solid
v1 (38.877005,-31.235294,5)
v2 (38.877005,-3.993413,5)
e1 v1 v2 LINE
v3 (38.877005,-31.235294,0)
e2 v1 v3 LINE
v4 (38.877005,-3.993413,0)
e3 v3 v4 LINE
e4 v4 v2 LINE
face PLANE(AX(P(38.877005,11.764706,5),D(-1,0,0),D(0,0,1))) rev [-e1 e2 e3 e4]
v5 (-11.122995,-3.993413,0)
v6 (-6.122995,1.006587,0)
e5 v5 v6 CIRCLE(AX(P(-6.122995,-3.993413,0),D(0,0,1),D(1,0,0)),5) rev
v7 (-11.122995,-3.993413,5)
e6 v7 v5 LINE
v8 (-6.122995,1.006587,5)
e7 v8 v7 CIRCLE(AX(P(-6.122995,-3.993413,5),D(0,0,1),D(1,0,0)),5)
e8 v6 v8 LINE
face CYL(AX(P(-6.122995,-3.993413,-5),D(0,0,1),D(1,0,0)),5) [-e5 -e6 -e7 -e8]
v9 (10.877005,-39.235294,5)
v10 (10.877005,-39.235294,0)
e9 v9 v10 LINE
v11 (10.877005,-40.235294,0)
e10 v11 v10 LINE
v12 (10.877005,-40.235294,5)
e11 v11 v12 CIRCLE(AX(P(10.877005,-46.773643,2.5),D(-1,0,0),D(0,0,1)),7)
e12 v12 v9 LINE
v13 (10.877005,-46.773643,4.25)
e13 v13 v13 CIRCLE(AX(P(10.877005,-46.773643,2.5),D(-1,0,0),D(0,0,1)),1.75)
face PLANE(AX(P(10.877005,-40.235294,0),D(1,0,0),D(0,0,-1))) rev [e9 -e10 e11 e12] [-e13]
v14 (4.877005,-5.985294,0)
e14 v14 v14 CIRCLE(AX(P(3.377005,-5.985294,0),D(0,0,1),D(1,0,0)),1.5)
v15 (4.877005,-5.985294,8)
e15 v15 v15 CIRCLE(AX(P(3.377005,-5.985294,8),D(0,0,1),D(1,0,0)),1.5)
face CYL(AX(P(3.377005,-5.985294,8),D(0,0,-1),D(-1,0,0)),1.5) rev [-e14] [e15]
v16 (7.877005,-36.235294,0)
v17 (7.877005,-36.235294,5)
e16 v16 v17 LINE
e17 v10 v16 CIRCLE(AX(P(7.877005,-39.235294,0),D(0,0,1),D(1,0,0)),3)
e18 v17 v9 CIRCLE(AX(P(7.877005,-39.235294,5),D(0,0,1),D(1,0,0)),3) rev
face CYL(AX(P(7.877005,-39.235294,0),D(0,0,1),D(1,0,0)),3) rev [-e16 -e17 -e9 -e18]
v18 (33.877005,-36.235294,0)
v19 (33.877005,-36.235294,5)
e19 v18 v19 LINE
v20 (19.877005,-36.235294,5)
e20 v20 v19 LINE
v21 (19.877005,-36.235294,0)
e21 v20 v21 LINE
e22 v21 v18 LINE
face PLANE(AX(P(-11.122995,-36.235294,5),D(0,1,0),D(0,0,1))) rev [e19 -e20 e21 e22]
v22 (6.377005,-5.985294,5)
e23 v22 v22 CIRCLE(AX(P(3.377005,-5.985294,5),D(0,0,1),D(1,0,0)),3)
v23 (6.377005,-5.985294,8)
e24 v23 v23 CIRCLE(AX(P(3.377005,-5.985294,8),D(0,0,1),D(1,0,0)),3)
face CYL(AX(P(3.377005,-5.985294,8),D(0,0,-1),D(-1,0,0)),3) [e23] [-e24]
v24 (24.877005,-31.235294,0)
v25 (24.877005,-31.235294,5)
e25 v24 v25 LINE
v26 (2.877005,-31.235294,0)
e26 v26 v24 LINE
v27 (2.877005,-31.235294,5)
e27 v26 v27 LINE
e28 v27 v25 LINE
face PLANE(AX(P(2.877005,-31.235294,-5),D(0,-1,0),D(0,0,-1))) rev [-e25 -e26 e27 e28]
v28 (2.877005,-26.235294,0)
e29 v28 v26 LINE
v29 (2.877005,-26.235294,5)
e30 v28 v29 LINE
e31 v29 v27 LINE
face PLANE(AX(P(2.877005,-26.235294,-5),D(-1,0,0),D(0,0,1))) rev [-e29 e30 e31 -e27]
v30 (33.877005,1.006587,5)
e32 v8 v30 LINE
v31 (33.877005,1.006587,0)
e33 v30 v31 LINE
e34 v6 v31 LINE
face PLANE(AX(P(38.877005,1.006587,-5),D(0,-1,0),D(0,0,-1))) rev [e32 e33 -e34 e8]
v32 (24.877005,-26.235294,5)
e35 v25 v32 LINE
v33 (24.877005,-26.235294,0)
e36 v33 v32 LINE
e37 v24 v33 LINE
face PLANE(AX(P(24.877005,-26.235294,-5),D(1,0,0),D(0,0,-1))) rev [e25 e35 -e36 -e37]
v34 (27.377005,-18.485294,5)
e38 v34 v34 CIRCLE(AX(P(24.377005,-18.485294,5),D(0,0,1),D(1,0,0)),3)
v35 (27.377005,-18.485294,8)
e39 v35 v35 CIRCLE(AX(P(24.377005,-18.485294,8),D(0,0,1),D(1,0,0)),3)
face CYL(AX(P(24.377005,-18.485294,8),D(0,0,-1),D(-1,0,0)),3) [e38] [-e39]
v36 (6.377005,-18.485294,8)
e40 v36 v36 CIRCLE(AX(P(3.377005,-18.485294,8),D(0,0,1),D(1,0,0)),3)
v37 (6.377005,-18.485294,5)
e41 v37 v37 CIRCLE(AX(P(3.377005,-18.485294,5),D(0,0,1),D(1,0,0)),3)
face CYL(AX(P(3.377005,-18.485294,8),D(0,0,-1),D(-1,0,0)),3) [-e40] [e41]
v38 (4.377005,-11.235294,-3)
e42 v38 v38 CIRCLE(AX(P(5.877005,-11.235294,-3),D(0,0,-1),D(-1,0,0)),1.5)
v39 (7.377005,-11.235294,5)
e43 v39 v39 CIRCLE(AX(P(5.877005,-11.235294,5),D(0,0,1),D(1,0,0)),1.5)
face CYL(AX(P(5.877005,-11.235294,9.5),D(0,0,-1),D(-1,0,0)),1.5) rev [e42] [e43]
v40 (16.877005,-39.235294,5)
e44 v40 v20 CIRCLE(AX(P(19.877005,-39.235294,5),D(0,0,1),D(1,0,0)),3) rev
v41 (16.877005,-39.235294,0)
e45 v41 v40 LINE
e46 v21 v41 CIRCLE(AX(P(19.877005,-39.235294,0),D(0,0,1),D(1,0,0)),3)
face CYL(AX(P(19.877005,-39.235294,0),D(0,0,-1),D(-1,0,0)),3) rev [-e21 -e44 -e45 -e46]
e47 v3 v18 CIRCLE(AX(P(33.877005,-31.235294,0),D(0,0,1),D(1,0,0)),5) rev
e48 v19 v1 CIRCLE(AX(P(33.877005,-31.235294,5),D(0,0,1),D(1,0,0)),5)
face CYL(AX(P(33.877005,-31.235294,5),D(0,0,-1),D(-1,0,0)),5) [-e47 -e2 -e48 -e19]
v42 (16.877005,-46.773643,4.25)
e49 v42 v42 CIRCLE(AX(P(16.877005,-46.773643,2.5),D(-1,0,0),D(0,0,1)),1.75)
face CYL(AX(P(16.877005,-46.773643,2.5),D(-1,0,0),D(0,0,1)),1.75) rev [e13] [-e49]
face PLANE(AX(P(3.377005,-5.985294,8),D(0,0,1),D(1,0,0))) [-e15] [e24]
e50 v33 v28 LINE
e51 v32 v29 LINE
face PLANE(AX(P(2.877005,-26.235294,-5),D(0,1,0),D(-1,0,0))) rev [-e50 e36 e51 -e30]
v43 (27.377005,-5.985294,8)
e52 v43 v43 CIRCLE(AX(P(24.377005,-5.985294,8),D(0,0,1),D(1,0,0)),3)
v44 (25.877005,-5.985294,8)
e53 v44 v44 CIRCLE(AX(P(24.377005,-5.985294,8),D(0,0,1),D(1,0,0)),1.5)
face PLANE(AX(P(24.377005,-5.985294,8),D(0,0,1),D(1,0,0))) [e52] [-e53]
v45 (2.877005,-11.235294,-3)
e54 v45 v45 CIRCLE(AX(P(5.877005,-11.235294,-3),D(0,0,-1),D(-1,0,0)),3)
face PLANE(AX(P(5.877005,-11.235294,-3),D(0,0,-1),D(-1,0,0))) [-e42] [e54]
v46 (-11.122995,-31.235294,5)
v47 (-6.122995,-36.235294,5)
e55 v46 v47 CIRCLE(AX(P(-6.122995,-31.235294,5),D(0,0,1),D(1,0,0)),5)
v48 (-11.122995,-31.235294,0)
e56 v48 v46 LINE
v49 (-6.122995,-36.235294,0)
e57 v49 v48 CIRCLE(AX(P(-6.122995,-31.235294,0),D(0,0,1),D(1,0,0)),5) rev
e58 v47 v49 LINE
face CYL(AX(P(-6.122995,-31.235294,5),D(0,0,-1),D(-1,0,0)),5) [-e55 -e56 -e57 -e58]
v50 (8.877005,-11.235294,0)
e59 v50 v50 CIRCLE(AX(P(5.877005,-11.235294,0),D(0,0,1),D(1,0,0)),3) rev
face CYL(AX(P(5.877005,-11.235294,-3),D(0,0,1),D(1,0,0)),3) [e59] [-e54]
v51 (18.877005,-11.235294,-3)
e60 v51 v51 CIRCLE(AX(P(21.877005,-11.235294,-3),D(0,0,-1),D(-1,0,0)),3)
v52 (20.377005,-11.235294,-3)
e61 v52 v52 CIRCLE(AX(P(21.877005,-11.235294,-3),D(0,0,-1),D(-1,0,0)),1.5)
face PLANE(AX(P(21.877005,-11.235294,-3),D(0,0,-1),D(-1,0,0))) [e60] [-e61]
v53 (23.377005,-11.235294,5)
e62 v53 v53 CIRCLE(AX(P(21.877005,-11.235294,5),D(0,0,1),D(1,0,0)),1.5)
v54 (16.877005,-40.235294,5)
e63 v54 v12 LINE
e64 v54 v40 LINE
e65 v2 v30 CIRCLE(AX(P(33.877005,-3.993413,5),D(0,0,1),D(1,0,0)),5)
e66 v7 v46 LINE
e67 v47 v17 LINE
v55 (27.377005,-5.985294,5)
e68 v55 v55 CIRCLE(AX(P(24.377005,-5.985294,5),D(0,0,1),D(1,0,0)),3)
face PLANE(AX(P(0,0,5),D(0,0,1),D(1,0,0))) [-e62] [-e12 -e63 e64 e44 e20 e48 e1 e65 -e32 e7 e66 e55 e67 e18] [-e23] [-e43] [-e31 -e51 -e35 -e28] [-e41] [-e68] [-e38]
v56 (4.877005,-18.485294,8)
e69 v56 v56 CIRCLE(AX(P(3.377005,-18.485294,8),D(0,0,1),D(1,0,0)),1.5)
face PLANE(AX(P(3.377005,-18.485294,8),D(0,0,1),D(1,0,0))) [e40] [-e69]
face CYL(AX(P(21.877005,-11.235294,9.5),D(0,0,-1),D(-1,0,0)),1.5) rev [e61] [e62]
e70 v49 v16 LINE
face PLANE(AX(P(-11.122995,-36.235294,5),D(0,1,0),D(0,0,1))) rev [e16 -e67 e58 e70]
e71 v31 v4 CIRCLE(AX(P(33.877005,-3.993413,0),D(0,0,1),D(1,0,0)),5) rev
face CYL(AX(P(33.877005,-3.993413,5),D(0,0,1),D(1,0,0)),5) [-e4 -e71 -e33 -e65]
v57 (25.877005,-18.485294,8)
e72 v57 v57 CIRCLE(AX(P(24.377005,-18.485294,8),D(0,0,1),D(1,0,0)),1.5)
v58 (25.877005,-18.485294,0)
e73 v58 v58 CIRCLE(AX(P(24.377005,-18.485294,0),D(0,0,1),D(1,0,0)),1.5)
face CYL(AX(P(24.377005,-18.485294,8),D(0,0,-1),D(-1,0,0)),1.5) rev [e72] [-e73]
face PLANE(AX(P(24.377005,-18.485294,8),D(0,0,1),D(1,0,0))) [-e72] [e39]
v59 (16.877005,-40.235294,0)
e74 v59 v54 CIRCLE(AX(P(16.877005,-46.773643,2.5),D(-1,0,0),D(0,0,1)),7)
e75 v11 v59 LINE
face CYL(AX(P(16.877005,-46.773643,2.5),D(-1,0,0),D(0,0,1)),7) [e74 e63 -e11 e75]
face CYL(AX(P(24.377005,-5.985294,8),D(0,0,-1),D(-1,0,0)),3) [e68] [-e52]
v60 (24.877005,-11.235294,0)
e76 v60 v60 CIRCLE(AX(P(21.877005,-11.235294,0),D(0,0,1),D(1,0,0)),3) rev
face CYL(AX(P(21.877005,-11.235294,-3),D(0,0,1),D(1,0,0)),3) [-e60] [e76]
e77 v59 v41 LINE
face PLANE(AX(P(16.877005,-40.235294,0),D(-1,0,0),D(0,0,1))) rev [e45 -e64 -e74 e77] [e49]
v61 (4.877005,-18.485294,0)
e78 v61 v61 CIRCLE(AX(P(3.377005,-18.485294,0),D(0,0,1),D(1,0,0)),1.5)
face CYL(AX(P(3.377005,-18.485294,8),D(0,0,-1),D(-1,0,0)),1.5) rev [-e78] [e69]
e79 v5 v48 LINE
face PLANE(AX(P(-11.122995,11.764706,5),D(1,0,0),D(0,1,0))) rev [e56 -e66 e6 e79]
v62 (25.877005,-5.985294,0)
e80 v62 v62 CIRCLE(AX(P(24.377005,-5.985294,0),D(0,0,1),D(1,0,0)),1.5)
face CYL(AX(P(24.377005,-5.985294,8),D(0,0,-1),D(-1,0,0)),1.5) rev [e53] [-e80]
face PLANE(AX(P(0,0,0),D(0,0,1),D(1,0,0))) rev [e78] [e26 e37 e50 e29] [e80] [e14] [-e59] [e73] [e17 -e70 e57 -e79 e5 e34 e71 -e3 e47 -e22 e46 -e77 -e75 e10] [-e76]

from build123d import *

# Parameters (mm, degrees)
ESQUISSE1_W                     = 50
ESQUISSE1_H                     = 48
BOSS_EXTRU_1_DEPTH              = 5
ESQUISSE2_R                     = 3
ESQUISSE2_R_2                   = 1.5
BOSS_EXTRU_2_DEPTH              = 3
R_P_TITION_LIN_AIRE1_COUNT      = 2
R_P_TITION_LIN_AIRE1_PITCH      = 21
R_P_TITION_LIN_AIRE1_COUNT_DIR2 = 2
R_P_TITION_LIN_AIRE1_PITCH_DIR2 = 12.5
ESQUISSE4_W                     = 6
ESQUISSE4_H                     = 5
BOSS_EXTRU_3_DEPTH              = 4
ESQUISSE5_R                     = 7
BOSS_EXTRU_4_DEPTH              = 6
ESQUISSE6_R                     = 1.75
ENL_V_MAT_EXTRU_1_DEPTH         = 6
ESQUISSE7_W                     = 50
ESQUISSE7_H                     = 10.758119029
ENL_V_MAT_EXTRU_2_DEPTH         = 10
CONG_2_R                        = 5
CONG_3_R                        = 3
ESQUISSE9_R                     = 1.5
ENL_V_MAT_EXTRU_3_DEPTH         = 70.161233188
ESQUISSE10_W                    = 22
ESQUISSE10_H                    = 5
ENL_V_MAT_EXTRU_4_DEPTH         = 10
ESQUISSE11_R                    = 3
BOSS_EXTRU_5_DEPTH              = 3
ESQUISSE12_R                    = 1.5
ENL_V_MAT_EXTRU_5_DEPTH         = 68.522412398


with BuildPart() as part:
    # Esquisse1 → Boss.-Extru.1 (new body)
    with BuildSketch(Plane.XY):
        with Locations((13.877005348, -12.235294118)):
            Rectangle(ESQUISSE1_W, ESQUISSE1_H)
    extrude(amount=BOSS_EXTRU_1_DEPTH)

    # Esquisse2 → Boss.-Extru.2 (add)
    with BuildSketch(Plane.XY.offset(5)):
        with Locations((3.377005348, -5.985294118)):
            Circle(ESQUISSE2_R)
        with Locations((3.377005348, -5.985294118)):
            Circle(ESQUISSE2_R_2, mode=Mode.SUBTRACT)
    boss_extru_2 = extrude(amount=BOSS_EXTRU_2_DEPTH)

    # Répétition linéaire1: Boss.-Extru.2 2 × 2
    with Locations(*[(i * R_P_TITION_LIN_AIRE1_PITCH, -j * R_P_TITION_LIN_AIRE1_PITCH_DIR2, 0) for i in range(R_P_TITION_LIN_AIRE1_COUNT) for j in range(R_P_TITION_LIN_AIRE1_COUNT_DIR2) if (i, j) != (0, 0)]):
        add(boss_extru_2)

    # Esquisse4 → Boss.-Extru.3 (add)
    with BuildSketch(Plane(origin=(0, -36.235294118, 0), x_dir=(-1, 0, 0), z_dir=(0, -1, 0))):
        with Locations((-13.877005348, -2.5)):
            Rectangle(ESQUISSE4_W, ESQUISSE4_H)
    extrude(amount=BOSS_EXTRU_3_DEPTH)

    # Esquisse5 → Boss.-Extru.4 (add)
    with BuildSketch(Plane.ZY.offset(-10.877005348)):
        with Locations((2.5, -46.773642533)):
            Circle(ESQUISSE5_R)
    extrude(amount=-BOSS_EXTRU_4_DEPTH)

    # Esquisse6 → Enlèv. mat.-Extru.1 (cut)
    with BuildSketch(Plane.ZY.offset(-10.877005348)):
        with Locations((2.5, -46.773642533)):
            Circle(ESQUISSE6_R)
    extrude(amount=-ENL_V_MAT_EXTRU_1_DEPTH, mode=Mode.SUBTRACT)

    # Esquisse7 → Enlèv. mat.-Extru.2 (cut)
    with BuildSketch(Plane.XY.offset(5)):
        with Locations((13.877005348, 6.385646368)):
            Rectangle(ESQUISSE7_W, ESQUISSE7_H)
    extrude(amount=-ENL_V_MAT_EXTRU_2_DEPTH, mode=Mode.SUBTRACT)

    # Congé2
    cong_2_edges = [part.edges().sort_by_distance(p)[0] for p in [
        (38.877005348, 1.006586853, 2.5),
        (-11.122994652, 1.006586853, 2.5),
        (38.877005348, -36.235294118, 2.5),
        (-11.122994652, -36.235294118, 2.5),
    ]]
    fillet(cong_2_edges, radius=CONG_2_R)

    # Congé3
    cong_3_edges = [part.edges().sort_by_distance(p)[0] for p in [
        (16.877005348, -36.235294118, 2.5),
        (10.877005348, -36.235294118, 2.5),
    ]]
    fillet(cong_3_edges, radius=CONG_3_R)

    # Esquisse9 → Enlèv. mat.-Extru.3 (cut, through all)
    with BuildSketch(Plane.XY.offset(15)):
        with Locations((3.377005348, -5.985294118)):
            Circle(ESQUISSE9_R)
        with Locations((24.377005348, -5.985294118)):
            Circle(ESQUISSE9_R)
        with Locations((24.377005348, -18.485294118)):
            Circle(ESQUISSE9_R)
        with Locations((3.377005348, -18.485294118)):
            Circle(ESQUISSE9_R)
    extrude(amount=-ENL_V_MAT_EXTRU_3_DEPTH, mode=Mode.SUBTRACT)

    # Esquisse10 → Enlèv. mat.-Extru.4 (cut)
    with BuildSketch(Plane.XY.offset(5)):
        with Locations((13.877005348, -28.735294118)):
            Rectangle(ESQUISSE10_W, ESQUISSE10_H)
    extrude(amount=-ENL_V_MAT_EXTRU_4_DEPTH, mode=Mode.SUBTRACT)

    # Esquisse11 → Boss.-Extru.5 (add)
    with BuildSketch(Plane(origin=(0, 0, 0), x_dir=(-1, 0, 0), z_dir=(0, 0, -1))):
        with Locations(Location((-21.877005348, -11.235294118, 0), (0, 0, 180))):
            Circle(ESQUISSE11_R)
        with Locations(Location((-5.877005348, -11.235294118, 0), (0, 0, 180))):
            Circle(ESQUISSE11_R)
    extrude(amount=BOSS_EXTRU_5_DEPTH)

    # Esquisse12 → Enlèv. mat.-Extru.5 (cut, through all)
    with BuildSketch(Plane(origin=(0, 0, -3), x_dir=(-1, 0, 0), z_dir=(0, 0, -1))):
        with Locations((-21.877005348, -11.235294118)):
            Circle(ESQUISSE12_R)
        with Locations((-5.877005348, -11.235294118)):
            Circle(ESQUISSE12_R)
    extrude(amount=-ENL_V_MAT_EXTRU_5_DEPTH, mode=Mode.SUBTRACT)


solid = part.part
